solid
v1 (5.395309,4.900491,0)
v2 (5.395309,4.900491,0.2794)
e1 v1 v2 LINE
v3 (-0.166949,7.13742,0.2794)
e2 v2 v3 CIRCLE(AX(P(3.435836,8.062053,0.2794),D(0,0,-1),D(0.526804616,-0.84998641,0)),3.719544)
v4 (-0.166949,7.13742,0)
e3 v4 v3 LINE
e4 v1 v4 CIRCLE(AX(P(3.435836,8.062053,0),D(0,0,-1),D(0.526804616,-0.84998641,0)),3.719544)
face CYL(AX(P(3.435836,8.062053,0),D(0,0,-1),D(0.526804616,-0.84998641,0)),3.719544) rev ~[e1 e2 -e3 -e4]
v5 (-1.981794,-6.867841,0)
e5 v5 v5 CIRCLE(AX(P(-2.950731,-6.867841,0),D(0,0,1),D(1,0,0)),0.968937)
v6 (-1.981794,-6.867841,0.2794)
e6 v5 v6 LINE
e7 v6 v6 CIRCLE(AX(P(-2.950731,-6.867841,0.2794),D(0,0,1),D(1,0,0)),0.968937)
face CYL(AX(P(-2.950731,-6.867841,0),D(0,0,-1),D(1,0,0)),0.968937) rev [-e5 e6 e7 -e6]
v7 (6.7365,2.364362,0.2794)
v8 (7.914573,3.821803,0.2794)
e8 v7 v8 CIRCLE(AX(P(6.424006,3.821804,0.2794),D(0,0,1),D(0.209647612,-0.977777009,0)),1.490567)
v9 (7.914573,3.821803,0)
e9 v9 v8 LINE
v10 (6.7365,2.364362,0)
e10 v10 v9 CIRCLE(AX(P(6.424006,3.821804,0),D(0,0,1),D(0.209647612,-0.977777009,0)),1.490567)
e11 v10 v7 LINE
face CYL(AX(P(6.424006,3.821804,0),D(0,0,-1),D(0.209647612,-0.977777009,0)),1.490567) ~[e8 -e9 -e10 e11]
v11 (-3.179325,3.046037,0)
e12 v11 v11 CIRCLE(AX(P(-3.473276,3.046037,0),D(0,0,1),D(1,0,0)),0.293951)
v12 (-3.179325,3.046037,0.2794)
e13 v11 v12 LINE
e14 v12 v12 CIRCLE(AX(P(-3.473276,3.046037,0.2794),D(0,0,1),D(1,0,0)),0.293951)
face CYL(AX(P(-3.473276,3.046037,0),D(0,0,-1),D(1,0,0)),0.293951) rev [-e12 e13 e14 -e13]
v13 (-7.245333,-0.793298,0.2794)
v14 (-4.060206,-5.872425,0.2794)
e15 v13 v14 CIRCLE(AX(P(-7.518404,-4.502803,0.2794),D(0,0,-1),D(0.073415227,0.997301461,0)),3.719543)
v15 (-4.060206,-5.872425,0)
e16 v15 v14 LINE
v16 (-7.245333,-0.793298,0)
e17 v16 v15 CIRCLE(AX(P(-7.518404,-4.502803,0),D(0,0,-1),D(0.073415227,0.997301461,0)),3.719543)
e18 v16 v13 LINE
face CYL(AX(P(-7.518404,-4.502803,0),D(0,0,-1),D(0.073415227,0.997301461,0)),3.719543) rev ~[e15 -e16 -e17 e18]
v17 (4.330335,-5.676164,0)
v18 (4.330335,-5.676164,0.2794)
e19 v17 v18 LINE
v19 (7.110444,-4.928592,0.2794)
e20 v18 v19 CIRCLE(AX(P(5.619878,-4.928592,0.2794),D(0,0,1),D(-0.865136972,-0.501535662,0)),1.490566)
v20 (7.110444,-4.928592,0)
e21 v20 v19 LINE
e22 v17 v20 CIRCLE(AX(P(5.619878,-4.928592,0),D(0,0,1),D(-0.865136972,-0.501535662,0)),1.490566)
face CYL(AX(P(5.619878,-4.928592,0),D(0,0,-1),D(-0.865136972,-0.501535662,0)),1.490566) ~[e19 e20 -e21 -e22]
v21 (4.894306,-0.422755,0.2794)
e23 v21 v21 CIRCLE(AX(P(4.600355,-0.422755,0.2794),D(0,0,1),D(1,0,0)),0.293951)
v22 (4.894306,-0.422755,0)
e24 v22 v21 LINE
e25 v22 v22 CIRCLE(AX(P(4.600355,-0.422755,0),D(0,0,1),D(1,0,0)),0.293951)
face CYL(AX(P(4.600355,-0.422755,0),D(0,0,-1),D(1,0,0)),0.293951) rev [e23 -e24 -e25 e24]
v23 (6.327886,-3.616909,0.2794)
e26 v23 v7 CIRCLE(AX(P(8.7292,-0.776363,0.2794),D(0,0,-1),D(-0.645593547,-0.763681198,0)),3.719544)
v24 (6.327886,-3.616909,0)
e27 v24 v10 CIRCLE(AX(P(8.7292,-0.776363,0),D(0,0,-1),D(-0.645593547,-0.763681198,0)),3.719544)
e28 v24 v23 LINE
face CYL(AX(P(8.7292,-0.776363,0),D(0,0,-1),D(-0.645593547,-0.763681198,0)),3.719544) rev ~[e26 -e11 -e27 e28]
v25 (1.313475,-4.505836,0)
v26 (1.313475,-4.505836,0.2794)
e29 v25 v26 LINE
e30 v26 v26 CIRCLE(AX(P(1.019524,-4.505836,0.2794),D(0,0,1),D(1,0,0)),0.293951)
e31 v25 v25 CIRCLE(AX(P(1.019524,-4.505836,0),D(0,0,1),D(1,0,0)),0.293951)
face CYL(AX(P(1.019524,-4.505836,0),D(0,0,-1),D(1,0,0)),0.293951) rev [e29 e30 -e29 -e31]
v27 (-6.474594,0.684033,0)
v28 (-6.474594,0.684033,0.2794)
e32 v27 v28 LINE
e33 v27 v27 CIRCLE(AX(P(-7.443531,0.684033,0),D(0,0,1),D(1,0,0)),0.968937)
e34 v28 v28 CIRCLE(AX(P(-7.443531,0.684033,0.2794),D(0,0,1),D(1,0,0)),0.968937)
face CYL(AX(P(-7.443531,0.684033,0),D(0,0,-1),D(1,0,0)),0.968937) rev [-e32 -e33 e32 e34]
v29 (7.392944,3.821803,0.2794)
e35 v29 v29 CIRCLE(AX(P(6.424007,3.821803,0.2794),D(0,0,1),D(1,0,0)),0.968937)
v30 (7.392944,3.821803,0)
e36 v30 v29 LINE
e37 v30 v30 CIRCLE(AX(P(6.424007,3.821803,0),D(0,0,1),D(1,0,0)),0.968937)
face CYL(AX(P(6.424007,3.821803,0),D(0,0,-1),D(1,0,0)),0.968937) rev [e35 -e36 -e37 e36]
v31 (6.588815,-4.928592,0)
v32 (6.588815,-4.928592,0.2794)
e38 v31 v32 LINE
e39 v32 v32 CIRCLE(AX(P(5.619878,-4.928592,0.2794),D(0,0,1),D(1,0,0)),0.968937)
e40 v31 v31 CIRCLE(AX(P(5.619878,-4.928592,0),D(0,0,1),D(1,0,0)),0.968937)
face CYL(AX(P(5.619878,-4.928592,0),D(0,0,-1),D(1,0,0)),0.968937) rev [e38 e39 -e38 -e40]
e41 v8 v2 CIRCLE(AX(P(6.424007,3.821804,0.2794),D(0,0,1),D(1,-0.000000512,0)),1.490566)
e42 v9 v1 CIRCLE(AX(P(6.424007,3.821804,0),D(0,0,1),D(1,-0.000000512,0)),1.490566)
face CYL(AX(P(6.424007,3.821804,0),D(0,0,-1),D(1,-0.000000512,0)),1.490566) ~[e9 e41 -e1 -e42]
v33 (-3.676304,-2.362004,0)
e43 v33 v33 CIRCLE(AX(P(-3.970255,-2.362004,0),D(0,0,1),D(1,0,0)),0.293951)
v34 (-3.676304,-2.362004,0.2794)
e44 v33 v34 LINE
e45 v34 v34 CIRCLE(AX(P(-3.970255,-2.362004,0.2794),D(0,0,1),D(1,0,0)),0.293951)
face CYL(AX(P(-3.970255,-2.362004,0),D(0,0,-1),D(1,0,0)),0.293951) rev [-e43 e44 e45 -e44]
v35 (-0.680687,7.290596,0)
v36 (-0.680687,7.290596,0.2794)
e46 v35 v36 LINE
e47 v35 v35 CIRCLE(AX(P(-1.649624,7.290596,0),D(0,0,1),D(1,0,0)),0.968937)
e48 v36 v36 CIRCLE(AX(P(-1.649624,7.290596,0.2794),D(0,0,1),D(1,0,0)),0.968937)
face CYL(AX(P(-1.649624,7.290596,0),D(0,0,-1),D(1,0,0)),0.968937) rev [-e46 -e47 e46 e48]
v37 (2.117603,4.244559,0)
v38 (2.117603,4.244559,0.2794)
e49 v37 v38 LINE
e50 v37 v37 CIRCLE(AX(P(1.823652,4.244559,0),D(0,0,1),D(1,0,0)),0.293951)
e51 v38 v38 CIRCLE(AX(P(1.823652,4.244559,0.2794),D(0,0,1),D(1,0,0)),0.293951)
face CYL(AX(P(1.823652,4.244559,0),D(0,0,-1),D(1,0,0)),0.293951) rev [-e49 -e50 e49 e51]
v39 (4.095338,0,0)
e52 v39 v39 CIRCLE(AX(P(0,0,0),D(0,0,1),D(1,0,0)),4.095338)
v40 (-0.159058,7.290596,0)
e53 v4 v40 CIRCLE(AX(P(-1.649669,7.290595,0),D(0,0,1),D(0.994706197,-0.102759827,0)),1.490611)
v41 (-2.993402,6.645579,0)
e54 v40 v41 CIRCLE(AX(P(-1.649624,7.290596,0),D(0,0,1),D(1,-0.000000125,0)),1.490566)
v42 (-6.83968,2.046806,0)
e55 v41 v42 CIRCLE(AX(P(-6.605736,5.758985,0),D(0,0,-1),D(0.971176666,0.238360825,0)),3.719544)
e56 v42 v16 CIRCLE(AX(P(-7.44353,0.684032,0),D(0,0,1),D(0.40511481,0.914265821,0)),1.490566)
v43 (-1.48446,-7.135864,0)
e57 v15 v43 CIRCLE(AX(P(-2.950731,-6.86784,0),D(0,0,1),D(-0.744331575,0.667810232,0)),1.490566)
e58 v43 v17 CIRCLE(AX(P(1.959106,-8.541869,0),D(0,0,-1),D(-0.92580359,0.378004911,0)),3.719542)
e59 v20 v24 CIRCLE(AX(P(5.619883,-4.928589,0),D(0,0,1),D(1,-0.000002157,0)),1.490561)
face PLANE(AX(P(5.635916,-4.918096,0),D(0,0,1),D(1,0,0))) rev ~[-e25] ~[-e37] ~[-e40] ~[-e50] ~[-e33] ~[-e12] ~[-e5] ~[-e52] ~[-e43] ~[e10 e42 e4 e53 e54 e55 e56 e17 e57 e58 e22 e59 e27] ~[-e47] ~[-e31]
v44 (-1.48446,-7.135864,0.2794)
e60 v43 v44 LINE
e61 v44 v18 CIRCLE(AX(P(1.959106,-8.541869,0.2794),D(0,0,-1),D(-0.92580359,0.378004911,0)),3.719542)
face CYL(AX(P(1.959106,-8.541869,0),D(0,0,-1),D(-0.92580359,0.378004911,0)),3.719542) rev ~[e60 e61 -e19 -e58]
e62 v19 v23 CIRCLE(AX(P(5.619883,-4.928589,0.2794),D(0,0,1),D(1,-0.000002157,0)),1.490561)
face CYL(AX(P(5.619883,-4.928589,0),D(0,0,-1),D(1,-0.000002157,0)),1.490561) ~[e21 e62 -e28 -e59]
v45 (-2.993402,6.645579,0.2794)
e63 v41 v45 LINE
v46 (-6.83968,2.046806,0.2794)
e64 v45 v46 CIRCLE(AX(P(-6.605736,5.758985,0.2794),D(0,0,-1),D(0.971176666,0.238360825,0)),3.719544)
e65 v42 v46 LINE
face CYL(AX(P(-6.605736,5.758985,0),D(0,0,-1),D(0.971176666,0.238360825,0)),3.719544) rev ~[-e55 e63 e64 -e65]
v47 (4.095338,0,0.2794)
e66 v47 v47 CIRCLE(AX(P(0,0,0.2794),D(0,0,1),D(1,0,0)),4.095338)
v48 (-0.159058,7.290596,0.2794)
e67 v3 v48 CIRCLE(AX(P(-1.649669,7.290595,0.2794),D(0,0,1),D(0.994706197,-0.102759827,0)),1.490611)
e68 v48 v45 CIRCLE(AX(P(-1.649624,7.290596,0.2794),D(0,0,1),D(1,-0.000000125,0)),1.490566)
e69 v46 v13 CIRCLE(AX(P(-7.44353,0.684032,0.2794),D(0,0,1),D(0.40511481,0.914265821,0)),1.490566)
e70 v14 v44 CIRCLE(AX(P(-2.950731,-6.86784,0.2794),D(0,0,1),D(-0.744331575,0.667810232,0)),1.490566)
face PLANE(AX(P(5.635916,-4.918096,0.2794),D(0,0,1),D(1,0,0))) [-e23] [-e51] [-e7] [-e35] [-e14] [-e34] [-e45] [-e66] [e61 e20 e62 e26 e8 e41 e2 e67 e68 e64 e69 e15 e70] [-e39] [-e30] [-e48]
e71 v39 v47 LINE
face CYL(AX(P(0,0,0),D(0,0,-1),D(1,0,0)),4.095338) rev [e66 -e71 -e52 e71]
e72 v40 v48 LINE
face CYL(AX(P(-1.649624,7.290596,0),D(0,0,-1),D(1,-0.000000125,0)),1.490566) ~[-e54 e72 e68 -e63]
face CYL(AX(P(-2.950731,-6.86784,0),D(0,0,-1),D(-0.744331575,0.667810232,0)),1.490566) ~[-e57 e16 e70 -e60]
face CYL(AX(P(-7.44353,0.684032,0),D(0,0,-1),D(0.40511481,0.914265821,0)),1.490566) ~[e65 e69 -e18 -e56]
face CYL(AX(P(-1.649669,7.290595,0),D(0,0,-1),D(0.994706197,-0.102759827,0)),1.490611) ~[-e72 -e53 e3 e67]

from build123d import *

# Parameters (mm, degrees)
F0_R     = 0.968937
F0_R_2   = 0.293951
F0_R_3   = 4.095338
F1_DEPTH = 0.2794


with BuildPart() as f1:
    # F0 (on Top) → F1 (new body)
    with BuildSketch(Plane.XY):
        with BuildLine():
            ThreePointArc((4.330335, -5.676164), (6.006943, -6.368025), (7.110444, -4.928592))
            ThreePointArc((7.110444, -4.928592), (6.899941, -4.164898), (6.327886, -3.616909))
            ThreePointArc((6.327886, -3.616909), (4.549982, -3.890753), (4.330335, -5.676164))
        make_face()
        with Locations((5.619878, -4.928592)):
            Circle(F0_R, mode=Mode.SUBTRACT)
        with BuildLine():
            ThreePointArc((4.330335, -5.676164), (4.549982, -3.890753), (6.327886, -3.616909))
            ThreePointArc((6.327886, -3.616909), (5.018305, -0.522851), (6.7365, 2.364362))
            ThreePointArc((6.7365, 2.364362), (5.106348, 3.124981), (5.395309, 4.900491))
            ThreePointArc((5.395309, 4.900491), (2.048002, 4.611122), (-0.166949, 7.13742))
            ThreePointArc((-0.166949, 7.13742), (-1.394085, 5.822098), (-2.993402, 6.645579))
            ThreePointArc((-2.993402, 6.645579), (-3.75257, 3.372681), (-6.83968, 2.046806))
            ThreePointArc((-6.83968, 2.046806), (-6.194158, 1.496962), (-5.952965, 0.684033))
            ThreePointArc((-5.952965, 0.684033), (-6.321654, -0.297385), (-7.245333, -0.793298))
            ThreePointArc((-7.245333, -0.793298), (-4.367218, -2.52669), (-4.060206, -5.872425))
            ThreePointArc((-4.060206, -5.872425), (-2.417795, -5.475804), (-1.460165, -6.867841))
            ThreePointArc((-1.460165, -6.867841), (-1.466251, -7.002402), (-1.48446, -7.135864))
            ThreePointArc((-1.48446, -7.135864), (1.05348, -4.934261), (4.330335, -5.676164))
        make_face()
        with Locations((-3.970255, -2.362004)):
            Circle(F0_R_2, mode=Mode.SUBTRACT)
        with Locations((1.019524, -4.505836)):
            Circle(F0_R_2, mode=Mode.SUBTRACT)
        Circle(F0_R_3, mode=Mode.SUBTRACT)
        with Locations((4.600355, -0.422755)):
            Circle(F0_R_2, mode=Mode.SUBTRACT)
        with Locations((-3.473276, 3.046037)):
            Circle(F0_R_2, mode=Mode.SUBTRACT)
        with Locations((1.823652, 4.244559)):
            Circle(F0_R_2, mode=Mode.SUBTRACT)
        with BuildLine():
            ThreePointArc((5.395309, 4.900491), (5.106348, 3.124981), (6.7365, 2.364362))
            ThreePointArc((6.7365, 2.364362), (7.583226, 2.884788), (7.914573, 3.821803))
            ThreePointArc((7.914573, 3.821803), (7.010712, 5.192046), (5.395309, 4.900491))
        make_face()
        with Locations((6.424007, 3.821803)):
            Circle(F0_R, mode=Mode.SUBTRACT)
        with BuildLine():
            ThreePointArc((-4.060206, -5.872425), (-3.607157, -8.206082), (-1.48446, -7.135864))
            ThreePointArc((-1.48446, -7.135864), (-1.466251, -7.002402), (-1.460165, -6.867841))
            ThreePointArc((-1.460165, -6.867841), (-2.417795, -5.475804), (-4.060206, -5.872425))
        make_face()
        with Locations((-2.950731, -6.867841)):
            Circle(F0_R, mode=Mode.SUBTRACT)
        with BuildLine():
            ThreePointArc((-2.993402, 6.645579), (-1.394085, 5.822098), (-0.166949, 7.13742))
            ThreePointArc((-0.166949, 7.13742), (-0.161032, 7.213907), (-0.159058, 7.290596))
            ThreePointArc((-0.159058, 7.290596), (-1.980378, 8.744002), (-2.993402, 6.645579))
        make_face()
        with Locations((-1.649624, 7.290596)):
            Circle(F0_R, mode=Mode.SUBTRACT)
        with BuildLine():
            ThreePointArc((-6.83968, 2.046806), (-8.919121, 0.894792), (-7.245333, -0.793298))
            ThreePointArc((-7.245333, -0.793298), (-6.321654, -0.297385), (-5.952965, 0.684033))
            ThreePointArc((-5.952965, 0.684033), (-6.194158, 1.496962), (-6.83968, 2.046806))
        make_face()
        with Locations((-7.443531, 0.684033)):
            Circle(F0_R, mode=Mode.SUBTRACT)
    extrude(amount=F1_DEPTH)


solid = f1.part
